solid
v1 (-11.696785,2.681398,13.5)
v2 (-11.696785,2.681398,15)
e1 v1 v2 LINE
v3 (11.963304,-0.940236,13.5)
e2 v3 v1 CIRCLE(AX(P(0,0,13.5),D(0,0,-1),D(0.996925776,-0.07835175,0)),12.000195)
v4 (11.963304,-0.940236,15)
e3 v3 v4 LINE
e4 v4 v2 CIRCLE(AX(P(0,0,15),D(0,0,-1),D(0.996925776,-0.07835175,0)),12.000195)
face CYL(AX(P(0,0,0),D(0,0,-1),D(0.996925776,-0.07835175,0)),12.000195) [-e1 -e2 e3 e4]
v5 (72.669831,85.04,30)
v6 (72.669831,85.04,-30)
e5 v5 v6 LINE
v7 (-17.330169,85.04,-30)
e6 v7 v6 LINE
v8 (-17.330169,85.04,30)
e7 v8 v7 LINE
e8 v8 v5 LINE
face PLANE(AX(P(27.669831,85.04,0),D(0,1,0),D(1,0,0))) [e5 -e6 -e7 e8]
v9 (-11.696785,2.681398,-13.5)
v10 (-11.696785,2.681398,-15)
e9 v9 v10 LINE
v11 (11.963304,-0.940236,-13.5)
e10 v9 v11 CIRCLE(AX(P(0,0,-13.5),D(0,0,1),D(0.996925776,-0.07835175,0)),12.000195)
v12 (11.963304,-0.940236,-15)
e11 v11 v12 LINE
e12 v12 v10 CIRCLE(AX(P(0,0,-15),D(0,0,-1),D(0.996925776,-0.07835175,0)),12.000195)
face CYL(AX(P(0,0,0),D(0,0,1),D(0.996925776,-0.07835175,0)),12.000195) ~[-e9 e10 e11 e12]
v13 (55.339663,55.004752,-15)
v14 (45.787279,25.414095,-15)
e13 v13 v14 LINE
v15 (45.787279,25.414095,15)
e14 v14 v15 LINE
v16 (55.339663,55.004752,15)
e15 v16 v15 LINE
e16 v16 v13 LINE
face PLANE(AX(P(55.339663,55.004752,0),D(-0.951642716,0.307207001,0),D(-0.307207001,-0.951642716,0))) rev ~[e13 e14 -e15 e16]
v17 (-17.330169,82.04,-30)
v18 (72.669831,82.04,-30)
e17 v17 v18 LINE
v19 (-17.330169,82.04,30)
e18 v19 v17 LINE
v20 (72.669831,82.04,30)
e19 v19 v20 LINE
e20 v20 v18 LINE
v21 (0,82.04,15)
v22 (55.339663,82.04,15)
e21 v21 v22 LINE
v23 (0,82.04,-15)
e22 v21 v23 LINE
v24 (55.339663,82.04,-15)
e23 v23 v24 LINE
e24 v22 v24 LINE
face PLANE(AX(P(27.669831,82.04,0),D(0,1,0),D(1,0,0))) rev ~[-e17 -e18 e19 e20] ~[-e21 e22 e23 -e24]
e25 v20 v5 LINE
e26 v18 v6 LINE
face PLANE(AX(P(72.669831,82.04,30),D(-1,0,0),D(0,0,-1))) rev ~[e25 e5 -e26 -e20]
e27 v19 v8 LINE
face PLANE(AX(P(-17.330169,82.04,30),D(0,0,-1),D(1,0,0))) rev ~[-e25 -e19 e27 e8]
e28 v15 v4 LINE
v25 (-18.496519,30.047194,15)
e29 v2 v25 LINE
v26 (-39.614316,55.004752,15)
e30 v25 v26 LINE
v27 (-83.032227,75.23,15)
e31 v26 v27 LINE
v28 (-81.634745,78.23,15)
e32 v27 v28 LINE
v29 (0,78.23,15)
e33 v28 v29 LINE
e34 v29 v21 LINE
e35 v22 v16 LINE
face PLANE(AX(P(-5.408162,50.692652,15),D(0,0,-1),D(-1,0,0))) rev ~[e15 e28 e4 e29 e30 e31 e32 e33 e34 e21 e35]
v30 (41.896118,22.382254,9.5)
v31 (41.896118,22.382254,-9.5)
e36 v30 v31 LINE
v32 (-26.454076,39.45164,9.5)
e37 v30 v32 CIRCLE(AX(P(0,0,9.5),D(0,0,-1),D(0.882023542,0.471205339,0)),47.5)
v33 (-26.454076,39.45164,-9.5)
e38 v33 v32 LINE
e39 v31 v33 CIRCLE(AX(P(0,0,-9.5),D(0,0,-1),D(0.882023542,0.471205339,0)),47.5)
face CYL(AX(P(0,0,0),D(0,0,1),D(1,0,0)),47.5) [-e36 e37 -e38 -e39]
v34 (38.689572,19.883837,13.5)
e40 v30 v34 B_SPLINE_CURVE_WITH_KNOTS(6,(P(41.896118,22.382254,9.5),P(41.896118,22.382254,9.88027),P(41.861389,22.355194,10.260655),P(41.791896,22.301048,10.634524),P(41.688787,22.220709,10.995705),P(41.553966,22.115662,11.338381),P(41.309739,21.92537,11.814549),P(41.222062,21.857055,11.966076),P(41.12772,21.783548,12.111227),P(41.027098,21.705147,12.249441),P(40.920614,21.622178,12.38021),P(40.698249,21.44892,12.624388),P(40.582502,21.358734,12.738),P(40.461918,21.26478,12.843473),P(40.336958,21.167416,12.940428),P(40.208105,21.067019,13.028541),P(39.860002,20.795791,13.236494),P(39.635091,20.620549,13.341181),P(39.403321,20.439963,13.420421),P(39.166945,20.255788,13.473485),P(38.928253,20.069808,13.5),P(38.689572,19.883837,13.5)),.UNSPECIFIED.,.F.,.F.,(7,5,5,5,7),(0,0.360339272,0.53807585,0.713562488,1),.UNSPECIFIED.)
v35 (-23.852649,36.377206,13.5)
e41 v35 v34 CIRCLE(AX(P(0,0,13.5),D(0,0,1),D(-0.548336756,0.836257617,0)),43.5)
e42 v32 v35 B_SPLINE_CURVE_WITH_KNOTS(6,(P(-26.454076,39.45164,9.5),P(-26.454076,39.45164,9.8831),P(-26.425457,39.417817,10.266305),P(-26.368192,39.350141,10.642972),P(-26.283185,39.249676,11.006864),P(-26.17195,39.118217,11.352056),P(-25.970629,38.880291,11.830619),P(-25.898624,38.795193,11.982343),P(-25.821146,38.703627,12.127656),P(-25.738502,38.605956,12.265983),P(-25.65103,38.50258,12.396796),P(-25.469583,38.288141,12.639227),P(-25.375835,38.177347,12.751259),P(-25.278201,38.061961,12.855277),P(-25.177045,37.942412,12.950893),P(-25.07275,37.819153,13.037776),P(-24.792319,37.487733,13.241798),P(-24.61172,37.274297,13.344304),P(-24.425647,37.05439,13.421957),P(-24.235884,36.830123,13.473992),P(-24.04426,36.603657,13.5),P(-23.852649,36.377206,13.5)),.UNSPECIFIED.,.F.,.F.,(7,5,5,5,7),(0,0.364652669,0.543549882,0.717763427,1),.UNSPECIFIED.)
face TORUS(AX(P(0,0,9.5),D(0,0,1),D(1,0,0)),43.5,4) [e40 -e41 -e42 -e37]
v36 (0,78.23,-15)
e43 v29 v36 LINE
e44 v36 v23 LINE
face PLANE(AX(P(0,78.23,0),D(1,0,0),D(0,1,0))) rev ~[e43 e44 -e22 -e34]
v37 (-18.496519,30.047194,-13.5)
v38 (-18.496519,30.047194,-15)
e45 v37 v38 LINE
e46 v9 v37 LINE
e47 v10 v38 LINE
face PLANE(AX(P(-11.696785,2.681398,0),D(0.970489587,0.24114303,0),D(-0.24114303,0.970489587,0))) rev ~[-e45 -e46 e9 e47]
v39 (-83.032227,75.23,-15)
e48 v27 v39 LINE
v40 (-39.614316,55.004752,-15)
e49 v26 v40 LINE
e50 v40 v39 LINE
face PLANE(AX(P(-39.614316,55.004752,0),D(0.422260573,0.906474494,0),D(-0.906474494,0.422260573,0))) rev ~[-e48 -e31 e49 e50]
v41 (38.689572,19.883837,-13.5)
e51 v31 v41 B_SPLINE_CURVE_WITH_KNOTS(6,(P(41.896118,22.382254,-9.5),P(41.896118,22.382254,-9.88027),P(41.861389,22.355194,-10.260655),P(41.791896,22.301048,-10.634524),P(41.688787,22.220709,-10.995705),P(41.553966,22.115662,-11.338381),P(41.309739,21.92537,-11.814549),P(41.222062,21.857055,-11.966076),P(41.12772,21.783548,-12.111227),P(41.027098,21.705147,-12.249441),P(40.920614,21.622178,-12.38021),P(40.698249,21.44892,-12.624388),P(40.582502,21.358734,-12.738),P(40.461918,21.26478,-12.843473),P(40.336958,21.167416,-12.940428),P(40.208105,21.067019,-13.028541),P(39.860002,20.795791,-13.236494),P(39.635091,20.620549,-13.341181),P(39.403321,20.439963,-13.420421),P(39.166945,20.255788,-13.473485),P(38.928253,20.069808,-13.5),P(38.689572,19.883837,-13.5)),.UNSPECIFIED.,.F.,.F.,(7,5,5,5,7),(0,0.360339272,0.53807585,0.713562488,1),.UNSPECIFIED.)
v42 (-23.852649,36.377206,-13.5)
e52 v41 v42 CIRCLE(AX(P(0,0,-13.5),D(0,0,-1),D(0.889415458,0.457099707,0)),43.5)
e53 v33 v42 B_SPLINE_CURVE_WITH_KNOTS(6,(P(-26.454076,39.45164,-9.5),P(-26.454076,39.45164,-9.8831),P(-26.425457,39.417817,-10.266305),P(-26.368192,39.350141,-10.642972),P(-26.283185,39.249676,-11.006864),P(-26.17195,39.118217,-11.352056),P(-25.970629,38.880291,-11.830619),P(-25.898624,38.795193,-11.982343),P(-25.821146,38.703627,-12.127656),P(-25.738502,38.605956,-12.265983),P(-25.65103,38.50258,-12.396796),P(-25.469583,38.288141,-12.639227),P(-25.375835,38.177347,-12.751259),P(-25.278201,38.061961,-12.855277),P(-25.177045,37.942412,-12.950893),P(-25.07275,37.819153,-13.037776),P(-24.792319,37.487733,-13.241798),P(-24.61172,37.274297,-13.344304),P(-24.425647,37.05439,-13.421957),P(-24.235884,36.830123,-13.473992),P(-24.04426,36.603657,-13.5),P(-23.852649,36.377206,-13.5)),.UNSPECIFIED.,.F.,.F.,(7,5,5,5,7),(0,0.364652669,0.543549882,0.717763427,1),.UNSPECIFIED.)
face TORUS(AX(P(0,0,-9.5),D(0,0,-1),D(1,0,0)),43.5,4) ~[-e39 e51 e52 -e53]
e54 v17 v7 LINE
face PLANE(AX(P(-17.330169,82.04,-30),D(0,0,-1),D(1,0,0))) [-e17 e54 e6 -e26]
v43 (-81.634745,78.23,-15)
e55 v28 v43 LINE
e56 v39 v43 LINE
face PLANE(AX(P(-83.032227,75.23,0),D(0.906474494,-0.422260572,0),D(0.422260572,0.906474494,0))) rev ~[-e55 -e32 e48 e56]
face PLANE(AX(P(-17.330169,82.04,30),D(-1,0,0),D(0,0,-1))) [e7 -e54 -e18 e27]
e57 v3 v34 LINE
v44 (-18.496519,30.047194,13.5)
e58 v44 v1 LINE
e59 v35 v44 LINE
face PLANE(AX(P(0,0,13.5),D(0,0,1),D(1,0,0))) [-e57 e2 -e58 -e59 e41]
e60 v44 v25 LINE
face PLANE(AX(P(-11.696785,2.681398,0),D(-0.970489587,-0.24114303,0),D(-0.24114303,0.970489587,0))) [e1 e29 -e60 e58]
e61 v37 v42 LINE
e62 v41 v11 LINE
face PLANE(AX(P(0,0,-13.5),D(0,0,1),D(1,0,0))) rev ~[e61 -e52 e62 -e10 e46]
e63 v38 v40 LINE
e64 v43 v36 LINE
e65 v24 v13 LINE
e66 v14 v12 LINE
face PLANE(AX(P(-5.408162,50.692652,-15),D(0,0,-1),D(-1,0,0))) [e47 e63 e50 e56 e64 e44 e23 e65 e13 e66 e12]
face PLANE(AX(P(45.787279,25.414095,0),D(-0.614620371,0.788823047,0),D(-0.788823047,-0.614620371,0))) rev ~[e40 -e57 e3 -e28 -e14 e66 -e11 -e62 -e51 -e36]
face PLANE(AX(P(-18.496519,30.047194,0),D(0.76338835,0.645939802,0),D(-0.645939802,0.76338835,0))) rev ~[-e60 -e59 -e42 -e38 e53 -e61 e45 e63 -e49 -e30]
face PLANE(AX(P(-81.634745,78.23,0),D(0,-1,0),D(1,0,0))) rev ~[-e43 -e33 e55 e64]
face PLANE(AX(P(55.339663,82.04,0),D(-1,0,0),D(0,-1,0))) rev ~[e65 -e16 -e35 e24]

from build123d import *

# Parameters (mm, degrees)
SKETCH1_R                = 47.5
BOSS_EXTRUDE1_DEPTH      = 13.5
BOSS_EXTRUDE1_DEPTH_BACK = 13.5
FILLET1_R                = 4
BOSS_EXTRUDE2_DEPTH      = 15
BOSS_EXTRUDE2_DEPTH_BACK = 15
SKETCH5_W                = 90
SKETCH5_H                = 60
BOSS_EXTRUDE3_DEPTH      = 3


with BuildPart() as part:
    # Sketch1 → Boss-Extrude1 (new body, two sides)
    with BuildSketch(Plane.XY) as boss_extrude1_sk:
        Circle(SKETCH1_R)
    extrude(amount=BOSS_EXTRUDE1_DEPTH)
    extrude(boss_extrude1_sk.sketch, amount=-BOSS_EXTRUDE1_DEPTH_BACK)

    # Fillet1
    fillet1_edges = [part.edges().sort_by_distance(p)[0] for p in [
        (-47.5, 0, 13.5),
        (-47.5, 0, -13.5),
    ]]
    fillet(fillet1_edges, radius=FILLET1_R)

    # Sketch2 → Boss-Extrude2 (add, two sides)
    with BuildSketch(Plane.XY) as boss_extrude2_sk:
        with BuildLine():
            Line((-11.696785431, 2.681397647), (-18.496519497, 30.047194196))
            Line((-18.496519497, 30.047194196), (-39.614315725, 55.004751509))
            Line((-39.614315725, 55.004751509), (-83.032226589, 75.23))
            Line((-83.032226589, 75.23), (-81.634744669, 78.23))
            Line((-81.634744669, 78.23), (0, 78.23))
            Line((0, 78.23), (0, 82.04))
            Line((0, 82.04), (55.339662837, 82.04))
            Line((55.339662837, 82.04), (55.339662837, 55.004751509))
            Line((55.339662837, 55.004751509), (45.787278668, 25.414095095))
            Line((45.787278668, 25.414095095), (11.963303828, -0.940236292))
            ThreePointArc((11.963303828, -0.940236292), (-1.815713665, -11.862034676), (-11.696785431, 2.681397647))
        make_face()
    extrude(amount=BOSS_EXTRUDE2_DEPTH)
    extrude(boss_extrude2_sk.sketch, amount=-BOSS_EXTRUDE2_DEPTH_BACK)

    # Sketch5 → Boss-Extrude3 (add)
    with BuildSketch(Plane(origin=(0, 82.04, 0), x_dir=(1, 0, 0), z_dir=(0, 1, 0))):
        with Locations((27.669831419, 0)):
            Rectangle(SKETCH5_W, SKETCH5_H)
    extrude(amount=BOSS_EXTRUDE3_DEPTH)


solid = part.part
